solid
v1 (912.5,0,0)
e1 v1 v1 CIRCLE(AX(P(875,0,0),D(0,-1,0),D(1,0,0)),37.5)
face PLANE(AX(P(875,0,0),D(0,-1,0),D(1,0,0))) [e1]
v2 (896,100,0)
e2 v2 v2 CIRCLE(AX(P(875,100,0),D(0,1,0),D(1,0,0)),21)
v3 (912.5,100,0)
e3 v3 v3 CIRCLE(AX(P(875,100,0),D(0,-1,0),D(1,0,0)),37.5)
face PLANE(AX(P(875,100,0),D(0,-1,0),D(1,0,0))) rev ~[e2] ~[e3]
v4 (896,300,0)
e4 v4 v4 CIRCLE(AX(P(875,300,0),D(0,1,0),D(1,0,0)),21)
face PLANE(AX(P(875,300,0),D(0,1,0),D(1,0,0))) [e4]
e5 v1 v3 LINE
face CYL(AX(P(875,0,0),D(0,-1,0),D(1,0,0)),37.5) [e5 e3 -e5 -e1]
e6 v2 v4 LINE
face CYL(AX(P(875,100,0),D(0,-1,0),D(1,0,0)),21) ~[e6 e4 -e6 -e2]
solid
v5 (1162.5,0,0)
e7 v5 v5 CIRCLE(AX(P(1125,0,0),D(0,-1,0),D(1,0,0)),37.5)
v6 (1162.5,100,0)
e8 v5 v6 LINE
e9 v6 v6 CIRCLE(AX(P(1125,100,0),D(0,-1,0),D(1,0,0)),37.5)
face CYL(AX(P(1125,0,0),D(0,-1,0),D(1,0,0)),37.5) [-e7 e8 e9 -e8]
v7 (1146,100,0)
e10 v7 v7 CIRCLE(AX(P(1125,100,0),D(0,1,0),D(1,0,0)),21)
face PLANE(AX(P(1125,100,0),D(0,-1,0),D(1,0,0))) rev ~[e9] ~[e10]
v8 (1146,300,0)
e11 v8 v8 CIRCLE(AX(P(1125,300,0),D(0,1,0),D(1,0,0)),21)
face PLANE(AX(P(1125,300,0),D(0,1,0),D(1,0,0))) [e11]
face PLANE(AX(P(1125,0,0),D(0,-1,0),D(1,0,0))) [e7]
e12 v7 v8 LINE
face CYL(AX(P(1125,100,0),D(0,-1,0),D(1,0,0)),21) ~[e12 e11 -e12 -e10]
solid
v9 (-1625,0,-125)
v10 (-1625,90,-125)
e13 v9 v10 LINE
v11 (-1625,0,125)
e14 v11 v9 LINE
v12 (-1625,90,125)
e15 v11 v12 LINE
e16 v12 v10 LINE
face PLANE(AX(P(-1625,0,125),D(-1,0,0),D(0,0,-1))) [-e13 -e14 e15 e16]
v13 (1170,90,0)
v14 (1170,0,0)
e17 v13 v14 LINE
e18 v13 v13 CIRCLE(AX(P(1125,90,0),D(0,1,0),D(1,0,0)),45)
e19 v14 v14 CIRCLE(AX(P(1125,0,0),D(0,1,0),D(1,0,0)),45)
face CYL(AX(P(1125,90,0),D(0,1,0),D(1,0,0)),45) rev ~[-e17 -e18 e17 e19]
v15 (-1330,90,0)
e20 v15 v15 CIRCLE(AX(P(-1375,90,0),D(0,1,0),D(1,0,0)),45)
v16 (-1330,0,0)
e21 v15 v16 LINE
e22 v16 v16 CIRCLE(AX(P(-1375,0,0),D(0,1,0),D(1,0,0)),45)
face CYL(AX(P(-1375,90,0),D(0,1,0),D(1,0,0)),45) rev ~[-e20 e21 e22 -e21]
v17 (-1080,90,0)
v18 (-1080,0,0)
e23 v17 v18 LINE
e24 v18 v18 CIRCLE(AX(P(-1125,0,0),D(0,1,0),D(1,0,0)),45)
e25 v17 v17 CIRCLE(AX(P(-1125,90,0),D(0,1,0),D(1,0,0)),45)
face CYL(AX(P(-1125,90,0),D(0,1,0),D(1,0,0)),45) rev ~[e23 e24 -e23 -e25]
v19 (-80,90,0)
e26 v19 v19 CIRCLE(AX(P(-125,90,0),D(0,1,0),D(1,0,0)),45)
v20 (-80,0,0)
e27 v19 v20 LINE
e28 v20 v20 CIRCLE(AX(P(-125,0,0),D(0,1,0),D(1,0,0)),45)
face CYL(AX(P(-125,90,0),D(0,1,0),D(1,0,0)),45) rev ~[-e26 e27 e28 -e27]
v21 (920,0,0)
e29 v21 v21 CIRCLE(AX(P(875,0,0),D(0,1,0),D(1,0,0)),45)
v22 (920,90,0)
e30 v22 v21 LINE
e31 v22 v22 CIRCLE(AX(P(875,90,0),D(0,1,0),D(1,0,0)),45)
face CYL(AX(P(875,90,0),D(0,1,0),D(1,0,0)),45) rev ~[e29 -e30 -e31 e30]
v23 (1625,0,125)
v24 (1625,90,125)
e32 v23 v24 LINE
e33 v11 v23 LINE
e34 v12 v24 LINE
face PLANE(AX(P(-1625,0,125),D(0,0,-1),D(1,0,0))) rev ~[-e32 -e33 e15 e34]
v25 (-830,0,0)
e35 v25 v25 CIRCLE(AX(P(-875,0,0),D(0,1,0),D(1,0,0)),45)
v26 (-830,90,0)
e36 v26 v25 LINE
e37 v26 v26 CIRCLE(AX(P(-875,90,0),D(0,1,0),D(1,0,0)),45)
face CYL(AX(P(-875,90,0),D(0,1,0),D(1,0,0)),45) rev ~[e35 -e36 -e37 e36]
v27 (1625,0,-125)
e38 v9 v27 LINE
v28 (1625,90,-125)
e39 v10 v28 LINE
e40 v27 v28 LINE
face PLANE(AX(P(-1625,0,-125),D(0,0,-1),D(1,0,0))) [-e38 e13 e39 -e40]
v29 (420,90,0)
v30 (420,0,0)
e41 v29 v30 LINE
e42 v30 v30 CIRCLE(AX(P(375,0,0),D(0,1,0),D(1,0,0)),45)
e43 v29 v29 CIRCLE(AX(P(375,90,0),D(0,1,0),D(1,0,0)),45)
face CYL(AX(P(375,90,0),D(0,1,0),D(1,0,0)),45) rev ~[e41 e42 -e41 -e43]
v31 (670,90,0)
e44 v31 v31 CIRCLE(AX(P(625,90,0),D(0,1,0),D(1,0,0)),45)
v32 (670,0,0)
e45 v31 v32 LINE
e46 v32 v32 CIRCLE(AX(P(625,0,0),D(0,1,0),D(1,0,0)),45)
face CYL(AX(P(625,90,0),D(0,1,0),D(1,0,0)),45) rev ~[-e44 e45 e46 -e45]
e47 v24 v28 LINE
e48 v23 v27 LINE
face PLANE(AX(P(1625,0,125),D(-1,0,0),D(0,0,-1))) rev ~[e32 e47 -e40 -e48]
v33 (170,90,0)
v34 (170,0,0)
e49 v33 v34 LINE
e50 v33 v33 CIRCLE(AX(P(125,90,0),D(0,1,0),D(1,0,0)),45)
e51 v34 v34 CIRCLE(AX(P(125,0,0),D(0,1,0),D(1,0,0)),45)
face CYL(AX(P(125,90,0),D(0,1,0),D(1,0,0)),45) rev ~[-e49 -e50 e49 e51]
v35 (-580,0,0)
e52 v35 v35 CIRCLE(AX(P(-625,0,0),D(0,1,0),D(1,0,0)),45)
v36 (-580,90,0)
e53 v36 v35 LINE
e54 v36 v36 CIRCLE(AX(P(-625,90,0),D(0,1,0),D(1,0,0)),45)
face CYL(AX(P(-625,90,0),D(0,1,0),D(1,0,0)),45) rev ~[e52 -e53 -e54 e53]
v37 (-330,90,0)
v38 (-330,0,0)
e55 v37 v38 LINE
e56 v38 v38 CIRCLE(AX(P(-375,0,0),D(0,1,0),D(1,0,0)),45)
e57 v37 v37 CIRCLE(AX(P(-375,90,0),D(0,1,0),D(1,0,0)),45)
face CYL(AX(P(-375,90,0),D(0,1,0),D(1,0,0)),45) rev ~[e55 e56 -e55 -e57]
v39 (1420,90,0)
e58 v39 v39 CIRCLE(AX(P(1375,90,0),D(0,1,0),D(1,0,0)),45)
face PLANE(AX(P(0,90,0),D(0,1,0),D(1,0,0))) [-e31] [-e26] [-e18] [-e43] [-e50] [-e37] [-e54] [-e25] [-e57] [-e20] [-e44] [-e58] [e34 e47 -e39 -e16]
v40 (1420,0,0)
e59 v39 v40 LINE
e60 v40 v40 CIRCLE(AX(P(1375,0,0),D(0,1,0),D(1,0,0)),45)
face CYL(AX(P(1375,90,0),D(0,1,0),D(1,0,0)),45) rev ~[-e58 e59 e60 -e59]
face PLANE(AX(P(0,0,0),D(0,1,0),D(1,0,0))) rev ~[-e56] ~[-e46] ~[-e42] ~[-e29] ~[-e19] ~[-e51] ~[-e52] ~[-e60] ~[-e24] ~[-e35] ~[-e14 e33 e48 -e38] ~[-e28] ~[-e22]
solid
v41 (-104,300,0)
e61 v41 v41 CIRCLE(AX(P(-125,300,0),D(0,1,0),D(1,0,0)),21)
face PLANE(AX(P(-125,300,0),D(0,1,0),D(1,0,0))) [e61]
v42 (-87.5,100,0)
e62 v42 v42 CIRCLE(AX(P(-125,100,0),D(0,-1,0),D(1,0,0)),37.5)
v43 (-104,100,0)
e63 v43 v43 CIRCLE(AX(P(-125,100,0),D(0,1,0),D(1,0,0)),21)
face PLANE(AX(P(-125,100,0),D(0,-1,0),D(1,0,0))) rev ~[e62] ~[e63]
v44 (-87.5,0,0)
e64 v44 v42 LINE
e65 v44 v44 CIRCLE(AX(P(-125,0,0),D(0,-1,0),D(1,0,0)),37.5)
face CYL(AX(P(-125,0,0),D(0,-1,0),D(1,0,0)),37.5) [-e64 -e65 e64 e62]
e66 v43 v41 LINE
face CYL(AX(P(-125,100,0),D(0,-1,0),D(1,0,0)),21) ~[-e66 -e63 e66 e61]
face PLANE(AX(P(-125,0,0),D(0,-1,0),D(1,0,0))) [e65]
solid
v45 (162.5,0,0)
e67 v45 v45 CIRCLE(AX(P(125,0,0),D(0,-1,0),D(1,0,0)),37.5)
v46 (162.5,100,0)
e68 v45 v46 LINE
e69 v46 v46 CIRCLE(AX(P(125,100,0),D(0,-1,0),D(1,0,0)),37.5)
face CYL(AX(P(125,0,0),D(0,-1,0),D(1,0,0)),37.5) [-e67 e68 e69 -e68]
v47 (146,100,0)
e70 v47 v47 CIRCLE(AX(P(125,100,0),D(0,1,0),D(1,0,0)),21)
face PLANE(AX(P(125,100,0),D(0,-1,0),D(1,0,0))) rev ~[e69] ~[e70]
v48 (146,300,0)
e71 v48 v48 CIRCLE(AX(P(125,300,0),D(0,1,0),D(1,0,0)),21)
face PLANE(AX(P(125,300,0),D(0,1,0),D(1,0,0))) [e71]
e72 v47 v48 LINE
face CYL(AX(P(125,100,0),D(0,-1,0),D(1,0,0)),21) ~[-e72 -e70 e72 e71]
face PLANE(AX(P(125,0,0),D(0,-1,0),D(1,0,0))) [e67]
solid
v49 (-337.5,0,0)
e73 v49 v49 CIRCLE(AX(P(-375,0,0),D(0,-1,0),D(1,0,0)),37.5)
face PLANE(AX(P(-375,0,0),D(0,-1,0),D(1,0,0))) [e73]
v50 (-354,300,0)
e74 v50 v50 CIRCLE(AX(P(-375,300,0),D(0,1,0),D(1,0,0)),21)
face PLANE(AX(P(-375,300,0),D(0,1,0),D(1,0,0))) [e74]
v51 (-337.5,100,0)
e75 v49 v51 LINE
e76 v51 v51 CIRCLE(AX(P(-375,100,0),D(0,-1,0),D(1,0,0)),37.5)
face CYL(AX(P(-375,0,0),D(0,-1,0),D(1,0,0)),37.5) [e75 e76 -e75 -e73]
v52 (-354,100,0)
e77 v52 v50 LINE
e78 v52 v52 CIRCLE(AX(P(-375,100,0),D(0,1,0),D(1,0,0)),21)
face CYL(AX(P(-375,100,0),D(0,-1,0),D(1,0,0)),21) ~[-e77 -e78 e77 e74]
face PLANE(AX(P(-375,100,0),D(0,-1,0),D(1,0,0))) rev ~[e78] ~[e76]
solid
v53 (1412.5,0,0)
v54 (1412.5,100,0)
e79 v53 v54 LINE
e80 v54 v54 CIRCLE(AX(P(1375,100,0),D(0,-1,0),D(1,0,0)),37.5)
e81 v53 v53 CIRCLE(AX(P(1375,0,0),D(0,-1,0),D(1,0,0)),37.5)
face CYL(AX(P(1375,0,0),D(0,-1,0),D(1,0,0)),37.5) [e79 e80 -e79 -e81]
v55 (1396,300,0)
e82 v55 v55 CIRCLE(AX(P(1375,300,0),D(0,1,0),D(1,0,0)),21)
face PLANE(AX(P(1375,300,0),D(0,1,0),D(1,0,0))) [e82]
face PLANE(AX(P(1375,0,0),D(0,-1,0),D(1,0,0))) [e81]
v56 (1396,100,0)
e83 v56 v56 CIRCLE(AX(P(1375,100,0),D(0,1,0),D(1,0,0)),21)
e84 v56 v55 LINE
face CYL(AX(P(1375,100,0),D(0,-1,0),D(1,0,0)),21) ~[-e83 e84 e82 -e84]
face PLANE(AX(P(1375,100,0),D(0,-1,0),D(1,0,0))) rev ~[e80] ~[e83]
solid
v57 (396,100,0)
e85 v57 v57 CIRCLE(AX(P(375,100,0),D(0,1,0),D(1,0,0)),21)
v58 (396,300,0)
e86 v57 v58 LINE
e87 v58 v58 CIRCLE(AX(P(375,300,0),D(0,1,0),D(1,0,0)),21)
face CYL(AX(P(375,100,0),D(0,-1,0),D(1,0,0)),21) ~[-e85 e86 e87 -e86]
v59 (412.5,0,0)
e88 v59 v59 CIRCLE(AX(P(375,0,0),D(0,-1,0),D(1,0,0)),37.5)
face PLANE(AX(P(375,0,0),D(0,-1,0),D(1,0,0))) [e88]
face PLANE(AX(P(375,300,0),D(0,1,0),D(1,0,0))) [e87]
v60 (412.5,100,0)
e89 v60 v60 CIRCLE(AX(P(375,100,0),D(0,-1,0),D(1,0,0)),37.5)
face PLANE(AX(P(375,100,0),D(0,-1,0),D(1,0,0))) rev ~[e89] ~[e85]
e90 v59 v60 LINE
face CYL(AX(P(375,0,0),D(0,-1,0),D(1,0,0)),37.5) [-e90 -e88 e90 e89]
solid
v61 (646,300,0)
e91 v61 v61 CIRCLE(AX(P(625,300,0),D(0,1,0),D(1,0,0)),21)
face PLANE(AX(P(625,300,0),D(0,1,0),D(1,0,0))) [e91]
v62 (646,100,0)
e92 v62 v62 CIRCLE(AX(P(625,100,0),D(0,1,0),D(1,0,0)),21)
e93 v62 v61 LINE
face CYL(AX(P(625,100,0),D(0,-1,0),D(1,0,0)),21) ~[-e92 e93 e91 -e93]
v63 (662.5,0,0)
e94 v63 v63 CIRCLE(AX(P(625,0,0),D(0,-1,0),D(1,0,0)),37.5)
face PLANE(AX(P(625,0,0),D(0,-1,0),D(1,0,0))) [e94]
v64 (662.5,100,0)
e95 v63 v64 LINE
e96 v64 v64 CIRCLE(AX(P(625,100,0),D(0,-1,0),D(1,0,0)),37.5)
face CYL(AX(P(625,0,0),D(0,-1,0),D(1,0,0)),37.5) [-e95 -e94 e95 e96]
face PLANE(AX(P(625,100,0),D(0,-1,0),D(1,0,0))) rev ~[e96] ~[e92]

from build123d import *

# Parameters (mm, degrees)
SKETCH1_W             = 3250
SKETCH1_H             = 250
BOSS_EXTRUDE1_DEPTH   = 90
SKETCH2_R             = 45
CUT_EXTRUDE1_DEPTH    = 100
SKETCH3_R             = 37.5
BOSS_EXTRUDE2_DEPTH   = 100
BOSS_EXTRUDE2_2_DEPTH = 100
BOSS_EXTRUDE2_3_DEPTH = 100
BOSS_EXTRUDE2_4_DEPTH = 100
BOSS_EXTRUDE2_5_DEPTH = 100
BOSS_EXTRUDE2_6_DEPTH = 100
BOSS_EXTRUDE2_7_DEPTH = 100
BOSS_EXTRUDE2_8_DEPTH = 100
SKETCH5_R             = 21
BOSS_EXTRUDE3_DEPTH   = 200


with BuildPart() as part:
    # Sketch1 → Boss-Extrude1 (new body)
    with BuildSketch(Plane(origin=(0, 0, 0), x_dir=(1, 0, 0), z_dir=(0, 1, 0))):
        Rectangle(SKETCH1_W, SKETCH1_H)
    extrude(amount=BOSS_EXTRUDE1_DEPTH)

    # Sketch2 → Cut-Extrude1 (cut)
    with BuildSketch(Plane(origin=(0, 90, 0), x_dir=(1, 0, 0), z_dir=(0, 1, 0))):
        with Locations((-1375, 0)):
            Circle(SKETCH2_R)
        with Locations((-1125, 0)):
            Circle(SKETCH2_R)
        with Locations((-875, 0)):
            Circle(SKETCH2_R)
        with Locations((-625, 0)):
            Circle(SKETCH2_R)
        with Locations((-375, 0)):
            Circle(SKETCH2_R)
        with Locations((-125, 0)):
            Circle(SKETCH2_R)
        with Locations((125, 0)):
            Circle(SKETCH2_R)
        with Locations((375, 0)):
            Circle(SKETCH2_R)
        with Locations((625, 0)):
            Circle(SKETCH2_R)
        with Locations((875, 0)):
            Circle(SKETCH2_R)
        with Locations((1125, 0)):
            Circle(SKETCH2_R)
        with Locations((1375, 0)):
            Circle(SKETCH2_R)
    extrude(amount=-CUT_EXTRUDE1_DEPTH, mode=Mode.SUBTRACT)


with BuildPart() as body_2:
    # Sketch3 → Boss-Extrude2 (new body)
    with BuildSketch(Plane.XZ):
        with Locations((-375, 0)):
            Circle(SKETCH3_R)
    extrude(amount=-BOSS_EXTRUDE2_DEPTH)



with BuildPart() as body_3:
    # Sketch3 → Boss-Extrude2 2 (new body)
    with BuildSketch(Plane.XZ):
        with Locations((-125, 0)):
            Circle(SKETCH3_R)
    extrude(amount=-BOSS_EXTRUDE2_2_DEPTH)


with BuildPart() as body_4:
    # Sketch3 → Boss-Extrude2 3 (new body)
    with BuildSketch(Plane.XZ):
        with Locations((125, 0)):
            Circle(SKETCH3_R)
    extrude(amount=-BOSS_EXTRUDE2_3_DEPTH)


with BuildPart() as body_5:
    # Sketch3 → Boss-Extrude2 4 (new body)
    with BuildSketch(Plane.XZ):
        with Locations((375, 0)):
            Circle(SKETCH3_R)
    extrude(amount=-BOSS_EXTRUDE2_4_DEPTH)


with BuildPart() as body_6:
    # Sketch3 → Boss-Extrude2 5 (new body)
    with BuildSketch(Plane.XZ):
        with Locations((625, 0)):
            Circle(SKETCH3_R)
    extrude(amount=-BOSS_EXTRUDE2_5_DEPTH)


with BuildPart() as body_7:
    # Sketch3 → Boss-Extrude2 6 (new body)
    with BuildSketch(Plane.XZ):
        with Locations((875, 0)):
            Circle(SKETCH3_R)
    extrude(amount=-BOSS_EXTRUDE2_6_DEPTH)


with BuildPart() as body_8:
    # Sketch3 → Boss-Extrude2 7 (new body)
    with BuildSketch(Plane.XZ):
        with Locations((1125, 0)):
            Circle(SKETCH3_R)
    extrude(amount=-BOSS_EXTRUDE2_7_DEPTH)


with BuildPart() as body_9:
    # Sketch3 → Boss-Extrude2 8 (new body)
    with BuildSketch(Plane.XZ):
        with Locations((1375, 0)):
            Circle(SKETCH3_R)
    extrude(amount=-BOSS_EXTRUDE2_8_DEPTH)


with BuildPart() as body_2_1:
    add(body_2.part)

    add(body_3.part)  # Boss-Extrude3 merges body 3

    add(body_4.part)  # Boss-Extrude3 merges body 4

    add(body_5.part)  # Boss-Extrude3 merges body 5

    add(body_6.part)  # Boss-Extrude3 merges body 6

    add(body_7.part)  # Boss-Extrude3 merges body 7

    add(body_8.part)  # Boss-Extrude3 merges body 8

    add(body_9.part)  # Boss-Extrude3 merges body 9
    # Sketch5 → Boss-Extrude3 (add)
    with BuildSketch(Plane(origin=(0, 100, 0), x_dir=(1, 0, 0), z_dir=(0, 1, 0))):
        with Locations((-375, 0)):
            Circle(SKETCH5_R)
        with Locations((-125, 0)):
            Circle(SKETCH5_R)
        with Locations((125, 0)):
            Circle(SKETCH5_R)
        with Locations((375, 0)):
            Circle(SKETCH5_R)
        with Locations((625, 0)):
            Circle(SKETCH5_R)
        with Locations((875, 0)):
            Circle(SKETCH5_R)
        with Locations((1125, 0)):
            Circle(SKETCH5_R)
        with Locations((1375, 0)):
            Circle(SKETCH5_R)
    extrude(amount=BOSS_EXTRUDE3_DEPTH)


solid = Compound([part.part, body_2_1.part])
